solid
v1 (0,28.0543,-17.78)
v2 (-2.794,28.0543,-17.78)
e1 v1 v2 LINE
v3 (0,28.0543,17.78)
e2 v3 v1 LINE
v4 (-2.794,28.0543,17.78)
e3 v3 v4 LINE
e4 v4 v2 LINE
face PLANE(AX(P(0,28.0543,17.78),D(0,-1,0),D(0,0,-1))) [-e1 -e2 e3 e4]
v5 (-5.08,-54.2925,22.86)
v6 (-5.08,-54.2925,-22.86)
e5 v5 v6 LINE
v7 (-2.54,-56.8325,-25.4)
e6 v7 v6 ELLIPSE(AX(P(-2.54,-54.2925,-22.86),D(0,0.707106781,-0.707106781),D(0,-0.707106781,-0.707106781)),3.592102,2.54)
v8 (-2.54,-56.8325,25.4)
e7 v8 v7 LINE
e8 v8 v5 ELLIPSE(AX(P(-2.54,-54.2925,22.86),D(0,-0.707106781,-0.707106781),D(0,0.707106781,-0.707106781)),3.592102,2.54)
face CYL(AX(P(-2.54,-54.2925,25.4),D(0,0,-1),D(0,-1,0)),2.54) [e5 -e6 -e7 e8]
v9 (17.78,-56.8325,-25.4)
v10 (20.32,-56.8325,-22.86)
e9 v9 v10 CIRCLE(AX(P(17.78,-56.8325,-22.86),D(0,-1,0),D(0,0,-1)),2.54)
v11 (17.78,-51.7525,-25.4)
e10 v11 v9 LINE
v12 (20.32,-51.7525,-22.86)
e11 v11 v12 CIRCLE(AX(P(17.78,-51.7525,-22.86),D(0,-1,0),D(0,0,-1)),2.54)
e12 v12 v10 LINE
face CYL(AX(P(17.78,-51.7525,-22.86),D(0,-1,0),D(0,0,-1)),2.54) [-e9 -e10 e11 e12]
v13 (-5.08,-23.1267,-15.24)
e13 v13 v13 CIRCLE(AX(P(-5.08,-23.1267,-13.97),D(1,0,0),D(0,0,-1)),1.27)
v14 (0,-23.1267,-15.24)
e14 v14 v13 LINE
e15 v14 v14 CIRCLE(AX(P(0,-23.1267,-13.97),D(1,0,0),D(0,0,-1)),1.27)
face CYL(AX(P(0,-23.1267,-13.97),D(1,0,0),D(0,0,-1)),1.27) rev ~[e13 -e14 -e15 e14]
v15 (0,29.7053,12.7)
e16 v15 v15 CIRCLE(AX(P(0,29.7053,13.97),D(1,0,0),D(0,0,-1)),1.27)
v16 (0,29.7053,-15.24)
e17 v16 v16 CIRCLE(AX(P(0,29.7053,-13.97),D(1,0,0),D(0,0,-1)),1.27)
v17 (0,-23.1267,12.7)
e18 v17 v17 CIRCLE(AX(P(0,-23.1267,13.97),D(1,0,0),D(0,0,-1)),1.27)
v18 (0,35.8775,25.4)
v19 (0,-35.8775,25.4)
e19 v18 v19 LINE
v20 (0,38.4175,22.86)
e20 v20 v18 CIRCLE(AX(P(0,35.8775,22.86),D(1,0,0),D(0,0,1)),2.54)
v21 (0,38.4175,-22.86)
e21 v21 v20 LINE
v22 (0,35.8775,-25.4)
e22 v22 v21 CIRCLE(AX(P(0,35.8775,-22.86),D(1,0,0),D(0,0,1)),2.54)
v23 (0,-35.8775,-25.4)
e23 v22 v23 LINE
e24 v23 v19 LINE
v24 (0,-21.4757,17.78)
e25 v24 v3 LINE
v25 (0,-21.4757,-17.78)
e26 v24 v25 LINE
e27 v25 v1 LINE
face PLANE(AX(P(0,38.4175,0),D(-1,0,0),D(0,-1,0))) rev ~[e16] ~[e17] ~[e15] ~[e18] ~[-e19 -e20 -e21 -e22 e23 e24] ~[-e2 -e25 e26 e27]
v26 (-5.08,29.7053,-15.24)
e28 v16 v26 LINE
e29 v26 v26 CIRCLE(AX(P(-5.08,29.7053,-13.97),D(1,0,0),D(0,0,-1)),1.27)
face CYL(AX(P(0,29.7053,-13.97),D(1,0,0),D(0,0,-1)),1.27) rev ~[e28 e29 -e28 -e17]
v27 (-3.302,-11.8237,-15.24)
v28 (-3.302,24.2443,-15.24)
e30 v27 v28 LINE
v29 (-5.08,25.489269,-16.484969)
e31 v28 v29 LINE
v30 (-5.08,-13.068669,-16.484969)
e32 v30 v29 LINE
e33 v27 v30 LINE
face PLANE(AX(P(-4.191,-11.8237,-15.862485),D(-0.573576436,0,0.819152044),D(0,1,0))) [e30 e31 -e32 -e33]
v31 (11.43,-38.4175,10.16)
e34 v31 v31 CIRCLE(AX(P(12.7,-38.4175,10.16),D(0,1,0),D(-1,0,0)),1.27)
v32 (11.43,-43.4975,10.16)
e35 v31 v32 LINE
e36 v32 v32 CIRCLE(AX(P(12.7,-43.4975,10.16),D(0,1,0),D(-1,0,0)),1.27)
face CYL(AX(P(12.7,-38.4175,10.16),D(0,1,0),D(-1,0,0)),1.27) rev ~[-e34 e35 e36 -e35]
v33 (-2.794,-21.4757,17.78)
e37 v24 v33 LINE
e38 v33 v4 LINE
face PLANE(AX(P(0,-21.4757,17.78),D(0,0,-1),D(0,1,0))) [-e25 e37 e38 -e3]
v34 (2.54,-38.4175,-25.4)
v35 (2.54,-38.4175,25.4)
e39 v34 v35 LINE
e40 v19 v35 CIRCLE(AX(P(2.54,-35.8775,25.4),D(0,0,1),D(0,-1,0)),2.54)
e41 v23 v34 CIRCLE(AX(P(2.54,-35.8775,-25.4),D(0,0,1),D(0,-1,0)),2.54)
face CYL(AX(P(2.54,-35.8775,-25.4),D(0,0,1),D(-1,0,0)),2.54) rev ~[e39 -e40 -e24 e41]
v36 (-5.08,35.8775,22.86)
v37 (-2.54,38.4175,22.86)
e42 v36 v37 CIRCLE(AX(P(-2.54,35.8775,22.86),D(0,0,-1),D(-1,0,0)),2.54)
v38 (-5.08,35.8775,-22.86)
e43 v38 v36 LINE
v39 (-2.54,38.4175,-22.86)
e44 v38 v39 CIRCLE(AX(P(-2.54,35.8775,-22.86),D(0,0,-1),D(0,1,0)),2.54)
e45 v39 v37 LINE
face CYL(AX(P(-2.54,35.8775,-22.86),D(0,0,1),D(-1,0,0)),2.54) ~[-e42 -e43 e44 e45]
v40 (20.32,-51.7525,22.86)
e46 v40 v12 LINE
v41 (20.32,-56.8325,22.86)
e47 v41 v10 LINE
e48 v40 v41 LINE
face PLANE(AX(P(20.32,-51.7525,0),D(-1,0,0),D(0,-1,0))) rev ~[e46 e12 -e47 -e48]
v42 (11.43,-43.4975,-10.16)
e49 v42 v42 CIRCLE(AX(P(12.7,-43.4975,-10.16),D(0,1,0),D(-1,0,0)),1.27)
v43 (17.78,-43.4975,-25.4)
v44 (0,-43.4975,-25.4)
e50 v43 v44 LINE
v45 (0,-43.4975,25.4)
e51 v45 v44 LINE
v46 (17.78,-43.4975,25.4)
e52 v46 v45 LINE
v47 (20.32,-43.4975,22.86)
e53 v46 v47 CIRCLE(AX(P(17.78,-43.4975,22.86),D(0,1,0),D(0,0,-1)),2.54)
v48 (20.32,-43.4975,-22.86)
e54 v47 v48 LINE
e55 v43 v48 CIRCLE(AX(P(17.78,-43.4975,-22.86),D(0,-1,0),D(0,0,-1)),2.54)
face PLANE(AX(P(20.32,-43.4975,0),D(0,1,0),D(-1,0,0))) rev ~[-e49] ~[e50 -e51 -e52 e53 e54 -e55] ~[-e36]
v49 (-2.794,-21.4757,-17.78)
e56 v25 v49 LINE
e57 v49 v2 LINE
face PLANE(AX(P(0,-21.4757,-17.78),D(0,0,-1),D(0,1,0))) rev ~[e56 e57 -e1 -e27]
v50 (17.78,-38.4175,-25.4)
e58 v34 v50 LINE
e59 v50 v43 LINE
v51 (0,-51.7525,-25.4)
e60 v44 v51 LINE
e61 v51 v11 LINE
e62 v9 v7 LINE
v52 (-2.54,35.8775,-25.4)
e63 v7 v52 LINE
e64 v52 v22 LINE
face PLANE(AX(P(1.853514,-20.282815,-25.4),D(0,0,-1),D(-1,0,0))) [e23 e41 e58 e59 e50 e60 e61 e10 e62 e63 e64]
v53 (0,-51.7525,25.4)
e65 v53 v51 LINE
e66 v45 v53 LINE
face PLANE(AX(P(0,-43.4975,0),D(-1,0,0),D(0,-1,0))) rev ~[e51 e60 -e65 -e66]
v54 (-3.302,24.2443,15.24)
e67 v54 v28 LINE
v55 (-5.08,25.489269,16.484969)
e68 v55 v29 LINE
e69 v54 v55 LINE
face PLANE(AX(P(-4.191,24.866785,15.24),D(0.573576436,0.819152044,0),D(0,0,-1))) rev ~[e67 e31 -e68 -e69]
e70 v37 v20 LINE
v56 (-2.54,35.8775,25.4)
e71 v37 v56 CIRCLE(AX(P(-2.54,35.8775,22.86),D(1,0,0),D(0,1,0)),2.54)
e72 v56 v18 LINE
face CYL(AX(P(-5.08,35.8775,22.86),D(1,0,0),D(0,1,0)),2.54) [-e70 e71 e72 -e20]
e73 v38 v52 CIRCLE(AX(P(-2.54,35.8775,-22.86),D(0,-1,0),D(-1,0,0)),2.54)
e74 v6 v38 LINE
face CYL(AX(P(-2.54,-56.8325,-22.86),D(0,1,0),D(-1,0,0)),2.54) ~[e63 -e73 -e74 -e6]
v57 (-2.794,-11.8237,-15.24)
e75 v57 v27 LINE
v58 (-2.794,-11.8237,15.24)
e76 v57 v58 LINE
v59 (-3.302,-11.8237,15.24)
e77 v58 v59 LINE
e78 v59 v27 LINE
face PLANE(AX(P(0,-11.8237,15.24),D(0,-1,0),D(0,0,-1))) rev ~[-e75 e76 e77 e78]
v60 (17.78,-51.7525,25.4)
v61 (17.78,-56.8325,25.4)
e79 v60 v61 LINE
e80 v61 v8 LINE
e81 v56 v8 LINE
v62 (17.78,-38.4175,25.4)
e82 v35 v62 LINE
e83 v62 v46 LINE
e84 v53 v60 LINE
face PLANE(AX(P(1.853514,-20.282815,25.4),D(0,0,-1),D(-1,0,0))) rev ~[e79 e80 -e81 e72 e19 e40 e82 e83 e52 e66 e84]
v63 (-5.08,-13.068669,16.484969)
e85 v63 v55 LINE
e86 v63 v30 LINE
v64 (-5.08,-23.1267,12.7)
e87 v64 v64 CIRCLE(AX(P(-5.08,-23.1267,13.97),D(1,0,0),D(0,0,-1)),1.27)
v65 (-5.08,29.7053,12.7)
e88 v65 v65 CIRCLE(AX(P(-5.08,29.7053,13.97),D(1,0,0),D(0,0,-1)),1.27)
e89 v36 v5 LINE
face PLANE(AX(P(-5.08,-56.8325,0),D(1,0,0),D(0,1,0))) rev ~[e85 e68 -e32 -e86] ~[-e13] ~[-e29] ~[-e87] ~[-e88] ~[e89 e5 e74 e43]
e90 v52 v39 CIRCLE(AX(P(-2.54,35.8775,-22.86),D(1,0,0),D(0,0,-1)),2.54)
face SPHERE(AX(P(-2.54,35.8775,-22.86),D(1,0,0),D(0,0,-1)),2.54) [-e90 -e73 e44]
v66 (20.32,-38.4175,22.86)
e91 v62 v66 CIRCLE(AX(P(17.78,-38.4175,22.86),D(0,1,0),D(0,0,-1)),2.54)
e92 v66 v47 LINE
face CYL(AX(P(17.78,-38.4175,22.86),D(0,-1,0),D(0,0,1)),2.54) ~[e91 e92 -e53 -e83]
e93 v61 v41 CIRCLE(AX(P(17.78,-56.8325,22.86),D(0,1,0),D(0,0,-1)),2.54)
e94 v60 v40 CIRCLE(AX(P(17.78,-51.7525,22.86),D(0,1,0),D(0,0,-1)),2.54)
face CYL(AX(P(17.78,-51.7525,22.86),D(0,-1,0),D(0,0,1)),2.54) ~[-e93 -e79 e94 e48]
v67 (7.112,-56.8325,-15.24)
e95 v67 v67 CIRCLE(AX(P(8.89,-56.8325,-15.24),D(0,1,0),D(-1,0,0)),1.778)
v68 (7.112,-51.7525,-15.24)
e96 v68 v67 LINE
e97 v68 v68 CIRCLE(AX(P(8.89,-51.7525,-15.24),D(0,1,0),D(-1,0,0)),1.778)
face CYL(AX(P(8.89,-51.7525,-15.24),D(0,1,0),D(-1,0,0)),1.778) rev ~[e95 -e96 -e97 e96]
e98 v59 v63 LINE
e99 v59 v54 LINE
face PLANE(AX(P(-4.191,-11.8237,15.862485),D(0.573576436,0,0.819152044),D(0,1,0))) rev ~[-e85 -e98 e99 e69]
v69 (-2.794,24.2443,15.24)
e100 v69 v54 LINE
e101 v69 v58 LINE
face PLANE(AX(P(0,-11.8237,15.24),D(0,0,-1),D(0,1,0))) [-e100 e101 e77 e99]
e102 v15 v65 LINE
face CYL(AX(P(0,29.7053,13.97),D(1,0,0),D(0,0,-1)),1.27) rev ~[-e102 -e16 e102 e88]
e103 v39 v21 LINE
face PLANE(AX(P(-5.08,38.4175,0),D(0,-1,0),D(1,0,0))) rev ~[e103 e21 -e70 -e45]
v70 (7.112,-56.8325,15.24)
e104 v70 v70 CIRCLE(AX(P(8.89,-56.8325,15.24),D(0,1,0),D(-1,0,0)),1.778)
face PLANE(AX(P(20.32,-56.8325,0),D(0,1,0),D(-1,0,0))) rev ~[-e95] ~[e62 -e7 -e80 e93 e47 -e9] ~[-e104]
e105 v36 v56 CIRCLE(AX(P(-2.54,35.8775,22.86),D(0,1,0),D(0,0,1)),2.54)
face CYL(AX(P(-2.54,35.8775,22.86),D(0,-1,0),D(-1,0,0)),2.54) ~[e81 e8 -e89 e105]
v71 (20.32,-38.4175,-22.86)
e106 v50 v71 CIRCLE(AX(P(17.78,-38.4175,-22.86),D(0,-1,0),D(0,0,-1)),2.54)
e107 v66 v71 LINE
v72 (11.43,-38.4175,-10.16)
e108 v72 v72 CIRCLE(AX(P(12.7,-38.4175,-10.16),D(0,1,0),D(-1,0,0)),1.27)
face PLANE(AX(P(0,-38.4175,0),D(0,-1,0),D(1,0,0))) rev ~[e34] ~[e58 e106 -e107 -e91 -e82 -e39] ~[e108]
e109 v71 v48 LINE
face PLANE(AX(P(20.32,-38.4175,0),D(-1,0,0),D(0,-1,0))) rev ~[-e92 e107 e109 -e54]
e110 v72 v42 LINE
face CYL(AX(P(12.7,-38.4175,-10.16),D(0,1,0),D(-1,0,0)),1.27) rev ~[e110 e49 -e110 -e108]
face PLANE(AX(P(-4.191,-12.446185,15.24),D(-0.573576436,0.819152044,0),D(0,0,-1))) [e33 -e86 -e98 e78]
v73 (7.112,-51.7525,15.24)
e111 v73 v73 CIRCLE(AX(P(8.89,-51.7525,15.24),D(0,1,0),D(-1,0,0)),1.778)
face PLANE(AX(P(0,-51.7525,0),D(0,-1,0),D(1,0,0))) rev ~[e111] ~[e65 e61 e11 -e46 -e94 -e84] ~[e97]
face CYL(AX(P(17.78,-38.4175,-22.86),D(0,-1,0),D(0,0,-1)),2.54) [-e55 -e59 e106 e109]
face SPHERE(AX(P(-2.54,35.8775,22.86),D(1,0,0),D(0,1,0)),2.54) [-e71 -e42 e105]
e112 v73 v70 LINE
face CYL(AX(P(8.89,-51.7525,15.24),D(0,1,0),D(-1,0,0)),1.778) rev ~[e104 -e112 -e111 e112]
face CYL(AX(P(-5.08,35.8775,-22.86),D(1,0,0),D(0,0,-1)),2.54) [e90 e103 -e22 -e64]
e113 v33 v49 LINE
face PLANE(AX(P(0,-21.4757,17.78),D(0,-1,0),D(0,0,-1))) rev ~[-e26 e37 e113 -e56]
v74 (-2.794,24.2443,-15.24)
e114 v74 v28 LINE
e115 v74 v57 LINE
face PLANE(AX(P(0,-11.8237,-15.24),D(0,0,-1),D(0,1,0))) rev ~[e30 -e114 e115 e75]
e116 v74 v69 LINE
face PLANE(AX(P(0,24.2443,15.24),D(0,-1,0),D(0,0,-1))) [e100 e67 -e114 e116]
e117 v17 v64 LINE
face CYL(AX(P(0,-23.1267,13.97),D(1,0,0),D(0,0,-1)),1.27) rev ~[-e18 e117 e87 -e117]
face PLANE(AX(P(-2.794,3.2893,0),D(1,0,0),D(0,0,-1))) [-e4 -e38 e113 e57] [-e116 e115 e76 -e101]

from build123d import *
from OCP.BRepFilletAPI import BRepFilletAPI_MakeChamfer

# Parameters (mm, degrees)
BOSS_EXTRUDE7_DEPTH = 25.4
SKETCH14_W          = 30.48
SKETCH14_H          = 36.068
CUT_EXTRUDE3_DEPTH  = 66.482787481
SKETCH15_W          = 35.56
SKETCH15_H          = 49.53
CUT_EXTRUDE4_DEPTH  = 2.794
CHAMFER1_SIZE       = 1.778
CHAMFER1_SIZE2      = 1.244969003
SKETCH16_R          = 1.27
CUT_EXTRUDE5_DEPTH  = 66.482787481
FILLET4_R           = 2.54
FILLET5_R           = 2.54
SKETCH23_R          = 1.778
CUT_EXTRUDE6_DEPTH  = 96.857661666
FILLET6_R           = 2.54
CUT_EXTRUDE7_REACH  = 85.437
SKETCH24_R          = 1.27
FILLET7_R           = 2.54


with BuildPart() as part:
    # Sketch12 → Boss-Extrude7 (new, symmetric)
    with BuildSketch(Plane.XY):
        Polygon((0, -38.4175), (20.32, -38.4175), (20.32, -43.4975), (0, -43.4975), (0, -51.7525), (20.32, -51.7525), (20.32, -56.8325), (-5.08, -56.8325), (-5.08, 38.4175), (0, 38.4175), align=None)
    extrude(amount=BOSS_EXTRUDE7_DEPTH, both=True)

    # Sketch14 → Cut-Extrude3 (cut, through all)
    with BuildSketch(Plane(origin=(0, 0, 0), x_dir=(0, 0, -1), z_dir=(1, 0, 0))):
        with Locations((0, 6.2103)):
            Rectangle(SKETCH14_W, SKETCH14_H)
    extrude(amount=-CUT_EXTRUDE3_DEPTH, mode=Mode.SUBTRACT)

    # Sketch15 → Cut-Extrude4 (cut)
    with BuildSketch(Plane(origin=(0, 0, 0), x_dir=(0, 0, -1), z_dir=(1, 0, 0))):
        with Locations((0, 3.2893)):
            Rectangle(SKETCH15_W, SKETCH15_H)
    extrude(amount=-CUT_EXTRUDE4_DEPTH, mode=Mode.SUBTRACT)

    # Chamfer1: one chamfer whose edges measure the first distance from different faces: ONE call of the kernel's chamfer builder (chamfer() names one face for all edges)
    chamfer1_edges_1 = [part.edges().sort_by_distance(p)[0] for p in [
        (-5.08, 6.2103, -15.24),
    ]]
    chamfer1_side_1 = [part.faces().sort_by_distance(p)[0] for p in [
        (-3.937, 6.2103, -15.24),
    ]]
    chamfer1_edges_2 = [part.edges().sort_by_distance(p)[0] for p in [
        (-5.08, -11.8237, 0),
    ]]
    chamfer1_side_2 = [part.faces().sort_by_distance(p)[0] for p in [
        (-3.937, -11.8237, 0),
    ]]
    chamfer1_edges_3 = [part.edges().sort_by_distance(p)[0] for p in [
        (-5.08, 6.2103, 15.24),
    ]]
    chamfer1_side_3 = [part.faces().sort_by_distance(p)[0] for p in [
        (-3.937, 6.2103, 15.24),
    ]]
    chamfer1_edges_4 = [part.edges().sort_by_distance(p)[0] for p in [
        (-5.08, 24.2443, 0),
    ]]
    chamfer1_side_4 = [part.faces().sort_by_distance(p)[0] for p in [
        (-3.937, 24.2443, 0),
    ]]
    chamfer1 = BRepFilletAPI_MakeChamfer(part.part.solid().wrapped)
    for e in chamfer1_edges_1:
        chamfer1.Add(CHAMFER1_SIZE, CHAMFER1_SIZE2, e.wrapped, chamfer1_side_1[0].wrapped)  # the first distance lies on this face
    for e in chamfer1_edges_2:
        chamfer1.Add(CHAMFER1_SIZE, CHAMFER1_SIZE2, e.wrapped, chamfer1_side_2[0].wrapped)  # the first distance lies on this face
    for e in chamfer1_edges_3:
        chamfer1.Add(CHAMFER1_SIZE, CHAMFER1_SIZE2, e.wrapped, chamfer1_side_3[0].wrapped)  # the first distance lies on this face
    for e in chamfer1_edges_4:
        chamfer1.Add(CHAMFER1_SIZE, CHAMFER1_SIZE2, e.wrapped, chamfer1_side_4[0].wrapped)  # the first distance lies on this face
    add(Compound.cast(chamfer1.Shape()), mode=Mode.REPLACE)

    # Sketch16 → Cut-Extrude5 (cut, through all)
    with BuildSketch(Plane(origin=(0, 0, 0), x_dir=(0, 0, -1), z_dir=(1, 0, 0))):
        with Locations((-13.97, 29.7053)):
            Circle(SKETCH16_R)
        with Locations((13.97, 29.7053)):
            Circle(SKETCH16_R)
        with Locations((-13.97, -23.1267)):
            Circle(SKETCH16_R)
        with Locations((13.97, -23.1267)):
            Circle(SKETCH16_R)
    extrude(amount=-CUT_EXTRUDE5_DEPTH, mode=Mode.SUBTRACT)

    # Fillet4
    fillet4_edges = [part.edges().sort_by_distance(p)[0] for p in [
        (-2.54, 38.4175, 25.4),
        (-2.54, 38.4175, -25.4),
    ]]
    fillet(fillet4_edges, radius=FILLET4_R)

    # Fillet5
    fillet5_edges = [part.edges().sort_by_distance(p)[0] for p in [
        (20.32, -54.2925, 25.4),
        (20.32, -40.9575, -25.4),
        (20.32, -54.2925, -25.4),
        (20.32, -40.9575, 25.4),
    ]]
    fillet(fillet5_edges, radius=FILLET5_R)

    # Sketch23 → Cut-Extrude6 (cut, through all)
    with BuildSketch(Plane(origin=(0, -51.7525, 0), x_dir=(1, 0, 0), z_dir=(0, 1, 0))):
        with Locations(Location((8.89, 15.24, 0), (0, 0, 180))):
            Circle(SKETCH23_R)
        with Locations(Location((8.89, -15.24, 0), (0, 0, 180))):
            Circle(SKETCH23_R)
    extrude(amount=-CUT_EXTRUDE6_DEPTH, mode=Mode.SUBTRACT)

    # Fillet6
    fillet6_edges = [part.edges().sort_by_distance(p)[0] for p in [
        (-5.08, -56.8325, 0),
        (-5.08, 38.4175, 0),
        (-5.08, -10.4775, -25.4),
        (-5.08, -10.4775, 25.4),
        (-5.08, 37.673551224, 24.656051224),
        (-5.08, 37.673551224, -24.656051224),
    ]]
    fillet(fillet6_edges, radius=FILLET6_R)

    # Sketch24 → Cut-Extrude7 (cut, up to next)
    with BuildSketch(Plane(origin=(0, -38.4175, 0), x_dir=(1, 0, 0), z_dir=(0, 1, 0)), mode=Mode.PRIVATE) as cut_extrude7_sk1:
        with Locations(Location((12.7, 10.16, 0), (0, 0, 180))):
            Circle(SKETCH24_R)
    cut_extrude7_tool1 = extrude(cut_extrude7_sk1.sketch, amount=-CUT_EXTRUDE7_REACH, mode=Mode.PRIVATE) & part.part
    # Sketch24 → Cut-Extrude7 (cut, up to next)
    with BuildSketch(Plane(origin=(0, -38.4175, 0), x_dir=(1, 0, 0), z_dir=(0, 1, 0)), mode=Mode.PRIVATE) as cut_extrude7_sk2:
        with Locations(Location((12.7, -10.16, 0), (0, 0, 180))):
            Circle(SKETCH24_R)
    cut_extrude7_tool2 = extrude(cut_extrude7_sk2.sketch, amount=-CUT_EXTRUDE7_REACH, mode=Mode.PRIVATE) & part.part
    add(cut_extrude7_tool1.solids().sort_by_distance((12.7, -38.4175, -10.16))[0], mode=Mode.SUBTRACT)
    add(cut_extrude7_tool2.solids().sort_by_distance((12.7, -38.4175, 10.16))[0], mode=Mode.SUBTRACT)

    # Fillet7
    fillet7_edges = [part.edges().sort_by_distance(p)[0] for p in [
        (0, -38.4175, 0),
    ]]
    fillet(fillet7_edges, radius=FILLET7_R)


solid = part.part
